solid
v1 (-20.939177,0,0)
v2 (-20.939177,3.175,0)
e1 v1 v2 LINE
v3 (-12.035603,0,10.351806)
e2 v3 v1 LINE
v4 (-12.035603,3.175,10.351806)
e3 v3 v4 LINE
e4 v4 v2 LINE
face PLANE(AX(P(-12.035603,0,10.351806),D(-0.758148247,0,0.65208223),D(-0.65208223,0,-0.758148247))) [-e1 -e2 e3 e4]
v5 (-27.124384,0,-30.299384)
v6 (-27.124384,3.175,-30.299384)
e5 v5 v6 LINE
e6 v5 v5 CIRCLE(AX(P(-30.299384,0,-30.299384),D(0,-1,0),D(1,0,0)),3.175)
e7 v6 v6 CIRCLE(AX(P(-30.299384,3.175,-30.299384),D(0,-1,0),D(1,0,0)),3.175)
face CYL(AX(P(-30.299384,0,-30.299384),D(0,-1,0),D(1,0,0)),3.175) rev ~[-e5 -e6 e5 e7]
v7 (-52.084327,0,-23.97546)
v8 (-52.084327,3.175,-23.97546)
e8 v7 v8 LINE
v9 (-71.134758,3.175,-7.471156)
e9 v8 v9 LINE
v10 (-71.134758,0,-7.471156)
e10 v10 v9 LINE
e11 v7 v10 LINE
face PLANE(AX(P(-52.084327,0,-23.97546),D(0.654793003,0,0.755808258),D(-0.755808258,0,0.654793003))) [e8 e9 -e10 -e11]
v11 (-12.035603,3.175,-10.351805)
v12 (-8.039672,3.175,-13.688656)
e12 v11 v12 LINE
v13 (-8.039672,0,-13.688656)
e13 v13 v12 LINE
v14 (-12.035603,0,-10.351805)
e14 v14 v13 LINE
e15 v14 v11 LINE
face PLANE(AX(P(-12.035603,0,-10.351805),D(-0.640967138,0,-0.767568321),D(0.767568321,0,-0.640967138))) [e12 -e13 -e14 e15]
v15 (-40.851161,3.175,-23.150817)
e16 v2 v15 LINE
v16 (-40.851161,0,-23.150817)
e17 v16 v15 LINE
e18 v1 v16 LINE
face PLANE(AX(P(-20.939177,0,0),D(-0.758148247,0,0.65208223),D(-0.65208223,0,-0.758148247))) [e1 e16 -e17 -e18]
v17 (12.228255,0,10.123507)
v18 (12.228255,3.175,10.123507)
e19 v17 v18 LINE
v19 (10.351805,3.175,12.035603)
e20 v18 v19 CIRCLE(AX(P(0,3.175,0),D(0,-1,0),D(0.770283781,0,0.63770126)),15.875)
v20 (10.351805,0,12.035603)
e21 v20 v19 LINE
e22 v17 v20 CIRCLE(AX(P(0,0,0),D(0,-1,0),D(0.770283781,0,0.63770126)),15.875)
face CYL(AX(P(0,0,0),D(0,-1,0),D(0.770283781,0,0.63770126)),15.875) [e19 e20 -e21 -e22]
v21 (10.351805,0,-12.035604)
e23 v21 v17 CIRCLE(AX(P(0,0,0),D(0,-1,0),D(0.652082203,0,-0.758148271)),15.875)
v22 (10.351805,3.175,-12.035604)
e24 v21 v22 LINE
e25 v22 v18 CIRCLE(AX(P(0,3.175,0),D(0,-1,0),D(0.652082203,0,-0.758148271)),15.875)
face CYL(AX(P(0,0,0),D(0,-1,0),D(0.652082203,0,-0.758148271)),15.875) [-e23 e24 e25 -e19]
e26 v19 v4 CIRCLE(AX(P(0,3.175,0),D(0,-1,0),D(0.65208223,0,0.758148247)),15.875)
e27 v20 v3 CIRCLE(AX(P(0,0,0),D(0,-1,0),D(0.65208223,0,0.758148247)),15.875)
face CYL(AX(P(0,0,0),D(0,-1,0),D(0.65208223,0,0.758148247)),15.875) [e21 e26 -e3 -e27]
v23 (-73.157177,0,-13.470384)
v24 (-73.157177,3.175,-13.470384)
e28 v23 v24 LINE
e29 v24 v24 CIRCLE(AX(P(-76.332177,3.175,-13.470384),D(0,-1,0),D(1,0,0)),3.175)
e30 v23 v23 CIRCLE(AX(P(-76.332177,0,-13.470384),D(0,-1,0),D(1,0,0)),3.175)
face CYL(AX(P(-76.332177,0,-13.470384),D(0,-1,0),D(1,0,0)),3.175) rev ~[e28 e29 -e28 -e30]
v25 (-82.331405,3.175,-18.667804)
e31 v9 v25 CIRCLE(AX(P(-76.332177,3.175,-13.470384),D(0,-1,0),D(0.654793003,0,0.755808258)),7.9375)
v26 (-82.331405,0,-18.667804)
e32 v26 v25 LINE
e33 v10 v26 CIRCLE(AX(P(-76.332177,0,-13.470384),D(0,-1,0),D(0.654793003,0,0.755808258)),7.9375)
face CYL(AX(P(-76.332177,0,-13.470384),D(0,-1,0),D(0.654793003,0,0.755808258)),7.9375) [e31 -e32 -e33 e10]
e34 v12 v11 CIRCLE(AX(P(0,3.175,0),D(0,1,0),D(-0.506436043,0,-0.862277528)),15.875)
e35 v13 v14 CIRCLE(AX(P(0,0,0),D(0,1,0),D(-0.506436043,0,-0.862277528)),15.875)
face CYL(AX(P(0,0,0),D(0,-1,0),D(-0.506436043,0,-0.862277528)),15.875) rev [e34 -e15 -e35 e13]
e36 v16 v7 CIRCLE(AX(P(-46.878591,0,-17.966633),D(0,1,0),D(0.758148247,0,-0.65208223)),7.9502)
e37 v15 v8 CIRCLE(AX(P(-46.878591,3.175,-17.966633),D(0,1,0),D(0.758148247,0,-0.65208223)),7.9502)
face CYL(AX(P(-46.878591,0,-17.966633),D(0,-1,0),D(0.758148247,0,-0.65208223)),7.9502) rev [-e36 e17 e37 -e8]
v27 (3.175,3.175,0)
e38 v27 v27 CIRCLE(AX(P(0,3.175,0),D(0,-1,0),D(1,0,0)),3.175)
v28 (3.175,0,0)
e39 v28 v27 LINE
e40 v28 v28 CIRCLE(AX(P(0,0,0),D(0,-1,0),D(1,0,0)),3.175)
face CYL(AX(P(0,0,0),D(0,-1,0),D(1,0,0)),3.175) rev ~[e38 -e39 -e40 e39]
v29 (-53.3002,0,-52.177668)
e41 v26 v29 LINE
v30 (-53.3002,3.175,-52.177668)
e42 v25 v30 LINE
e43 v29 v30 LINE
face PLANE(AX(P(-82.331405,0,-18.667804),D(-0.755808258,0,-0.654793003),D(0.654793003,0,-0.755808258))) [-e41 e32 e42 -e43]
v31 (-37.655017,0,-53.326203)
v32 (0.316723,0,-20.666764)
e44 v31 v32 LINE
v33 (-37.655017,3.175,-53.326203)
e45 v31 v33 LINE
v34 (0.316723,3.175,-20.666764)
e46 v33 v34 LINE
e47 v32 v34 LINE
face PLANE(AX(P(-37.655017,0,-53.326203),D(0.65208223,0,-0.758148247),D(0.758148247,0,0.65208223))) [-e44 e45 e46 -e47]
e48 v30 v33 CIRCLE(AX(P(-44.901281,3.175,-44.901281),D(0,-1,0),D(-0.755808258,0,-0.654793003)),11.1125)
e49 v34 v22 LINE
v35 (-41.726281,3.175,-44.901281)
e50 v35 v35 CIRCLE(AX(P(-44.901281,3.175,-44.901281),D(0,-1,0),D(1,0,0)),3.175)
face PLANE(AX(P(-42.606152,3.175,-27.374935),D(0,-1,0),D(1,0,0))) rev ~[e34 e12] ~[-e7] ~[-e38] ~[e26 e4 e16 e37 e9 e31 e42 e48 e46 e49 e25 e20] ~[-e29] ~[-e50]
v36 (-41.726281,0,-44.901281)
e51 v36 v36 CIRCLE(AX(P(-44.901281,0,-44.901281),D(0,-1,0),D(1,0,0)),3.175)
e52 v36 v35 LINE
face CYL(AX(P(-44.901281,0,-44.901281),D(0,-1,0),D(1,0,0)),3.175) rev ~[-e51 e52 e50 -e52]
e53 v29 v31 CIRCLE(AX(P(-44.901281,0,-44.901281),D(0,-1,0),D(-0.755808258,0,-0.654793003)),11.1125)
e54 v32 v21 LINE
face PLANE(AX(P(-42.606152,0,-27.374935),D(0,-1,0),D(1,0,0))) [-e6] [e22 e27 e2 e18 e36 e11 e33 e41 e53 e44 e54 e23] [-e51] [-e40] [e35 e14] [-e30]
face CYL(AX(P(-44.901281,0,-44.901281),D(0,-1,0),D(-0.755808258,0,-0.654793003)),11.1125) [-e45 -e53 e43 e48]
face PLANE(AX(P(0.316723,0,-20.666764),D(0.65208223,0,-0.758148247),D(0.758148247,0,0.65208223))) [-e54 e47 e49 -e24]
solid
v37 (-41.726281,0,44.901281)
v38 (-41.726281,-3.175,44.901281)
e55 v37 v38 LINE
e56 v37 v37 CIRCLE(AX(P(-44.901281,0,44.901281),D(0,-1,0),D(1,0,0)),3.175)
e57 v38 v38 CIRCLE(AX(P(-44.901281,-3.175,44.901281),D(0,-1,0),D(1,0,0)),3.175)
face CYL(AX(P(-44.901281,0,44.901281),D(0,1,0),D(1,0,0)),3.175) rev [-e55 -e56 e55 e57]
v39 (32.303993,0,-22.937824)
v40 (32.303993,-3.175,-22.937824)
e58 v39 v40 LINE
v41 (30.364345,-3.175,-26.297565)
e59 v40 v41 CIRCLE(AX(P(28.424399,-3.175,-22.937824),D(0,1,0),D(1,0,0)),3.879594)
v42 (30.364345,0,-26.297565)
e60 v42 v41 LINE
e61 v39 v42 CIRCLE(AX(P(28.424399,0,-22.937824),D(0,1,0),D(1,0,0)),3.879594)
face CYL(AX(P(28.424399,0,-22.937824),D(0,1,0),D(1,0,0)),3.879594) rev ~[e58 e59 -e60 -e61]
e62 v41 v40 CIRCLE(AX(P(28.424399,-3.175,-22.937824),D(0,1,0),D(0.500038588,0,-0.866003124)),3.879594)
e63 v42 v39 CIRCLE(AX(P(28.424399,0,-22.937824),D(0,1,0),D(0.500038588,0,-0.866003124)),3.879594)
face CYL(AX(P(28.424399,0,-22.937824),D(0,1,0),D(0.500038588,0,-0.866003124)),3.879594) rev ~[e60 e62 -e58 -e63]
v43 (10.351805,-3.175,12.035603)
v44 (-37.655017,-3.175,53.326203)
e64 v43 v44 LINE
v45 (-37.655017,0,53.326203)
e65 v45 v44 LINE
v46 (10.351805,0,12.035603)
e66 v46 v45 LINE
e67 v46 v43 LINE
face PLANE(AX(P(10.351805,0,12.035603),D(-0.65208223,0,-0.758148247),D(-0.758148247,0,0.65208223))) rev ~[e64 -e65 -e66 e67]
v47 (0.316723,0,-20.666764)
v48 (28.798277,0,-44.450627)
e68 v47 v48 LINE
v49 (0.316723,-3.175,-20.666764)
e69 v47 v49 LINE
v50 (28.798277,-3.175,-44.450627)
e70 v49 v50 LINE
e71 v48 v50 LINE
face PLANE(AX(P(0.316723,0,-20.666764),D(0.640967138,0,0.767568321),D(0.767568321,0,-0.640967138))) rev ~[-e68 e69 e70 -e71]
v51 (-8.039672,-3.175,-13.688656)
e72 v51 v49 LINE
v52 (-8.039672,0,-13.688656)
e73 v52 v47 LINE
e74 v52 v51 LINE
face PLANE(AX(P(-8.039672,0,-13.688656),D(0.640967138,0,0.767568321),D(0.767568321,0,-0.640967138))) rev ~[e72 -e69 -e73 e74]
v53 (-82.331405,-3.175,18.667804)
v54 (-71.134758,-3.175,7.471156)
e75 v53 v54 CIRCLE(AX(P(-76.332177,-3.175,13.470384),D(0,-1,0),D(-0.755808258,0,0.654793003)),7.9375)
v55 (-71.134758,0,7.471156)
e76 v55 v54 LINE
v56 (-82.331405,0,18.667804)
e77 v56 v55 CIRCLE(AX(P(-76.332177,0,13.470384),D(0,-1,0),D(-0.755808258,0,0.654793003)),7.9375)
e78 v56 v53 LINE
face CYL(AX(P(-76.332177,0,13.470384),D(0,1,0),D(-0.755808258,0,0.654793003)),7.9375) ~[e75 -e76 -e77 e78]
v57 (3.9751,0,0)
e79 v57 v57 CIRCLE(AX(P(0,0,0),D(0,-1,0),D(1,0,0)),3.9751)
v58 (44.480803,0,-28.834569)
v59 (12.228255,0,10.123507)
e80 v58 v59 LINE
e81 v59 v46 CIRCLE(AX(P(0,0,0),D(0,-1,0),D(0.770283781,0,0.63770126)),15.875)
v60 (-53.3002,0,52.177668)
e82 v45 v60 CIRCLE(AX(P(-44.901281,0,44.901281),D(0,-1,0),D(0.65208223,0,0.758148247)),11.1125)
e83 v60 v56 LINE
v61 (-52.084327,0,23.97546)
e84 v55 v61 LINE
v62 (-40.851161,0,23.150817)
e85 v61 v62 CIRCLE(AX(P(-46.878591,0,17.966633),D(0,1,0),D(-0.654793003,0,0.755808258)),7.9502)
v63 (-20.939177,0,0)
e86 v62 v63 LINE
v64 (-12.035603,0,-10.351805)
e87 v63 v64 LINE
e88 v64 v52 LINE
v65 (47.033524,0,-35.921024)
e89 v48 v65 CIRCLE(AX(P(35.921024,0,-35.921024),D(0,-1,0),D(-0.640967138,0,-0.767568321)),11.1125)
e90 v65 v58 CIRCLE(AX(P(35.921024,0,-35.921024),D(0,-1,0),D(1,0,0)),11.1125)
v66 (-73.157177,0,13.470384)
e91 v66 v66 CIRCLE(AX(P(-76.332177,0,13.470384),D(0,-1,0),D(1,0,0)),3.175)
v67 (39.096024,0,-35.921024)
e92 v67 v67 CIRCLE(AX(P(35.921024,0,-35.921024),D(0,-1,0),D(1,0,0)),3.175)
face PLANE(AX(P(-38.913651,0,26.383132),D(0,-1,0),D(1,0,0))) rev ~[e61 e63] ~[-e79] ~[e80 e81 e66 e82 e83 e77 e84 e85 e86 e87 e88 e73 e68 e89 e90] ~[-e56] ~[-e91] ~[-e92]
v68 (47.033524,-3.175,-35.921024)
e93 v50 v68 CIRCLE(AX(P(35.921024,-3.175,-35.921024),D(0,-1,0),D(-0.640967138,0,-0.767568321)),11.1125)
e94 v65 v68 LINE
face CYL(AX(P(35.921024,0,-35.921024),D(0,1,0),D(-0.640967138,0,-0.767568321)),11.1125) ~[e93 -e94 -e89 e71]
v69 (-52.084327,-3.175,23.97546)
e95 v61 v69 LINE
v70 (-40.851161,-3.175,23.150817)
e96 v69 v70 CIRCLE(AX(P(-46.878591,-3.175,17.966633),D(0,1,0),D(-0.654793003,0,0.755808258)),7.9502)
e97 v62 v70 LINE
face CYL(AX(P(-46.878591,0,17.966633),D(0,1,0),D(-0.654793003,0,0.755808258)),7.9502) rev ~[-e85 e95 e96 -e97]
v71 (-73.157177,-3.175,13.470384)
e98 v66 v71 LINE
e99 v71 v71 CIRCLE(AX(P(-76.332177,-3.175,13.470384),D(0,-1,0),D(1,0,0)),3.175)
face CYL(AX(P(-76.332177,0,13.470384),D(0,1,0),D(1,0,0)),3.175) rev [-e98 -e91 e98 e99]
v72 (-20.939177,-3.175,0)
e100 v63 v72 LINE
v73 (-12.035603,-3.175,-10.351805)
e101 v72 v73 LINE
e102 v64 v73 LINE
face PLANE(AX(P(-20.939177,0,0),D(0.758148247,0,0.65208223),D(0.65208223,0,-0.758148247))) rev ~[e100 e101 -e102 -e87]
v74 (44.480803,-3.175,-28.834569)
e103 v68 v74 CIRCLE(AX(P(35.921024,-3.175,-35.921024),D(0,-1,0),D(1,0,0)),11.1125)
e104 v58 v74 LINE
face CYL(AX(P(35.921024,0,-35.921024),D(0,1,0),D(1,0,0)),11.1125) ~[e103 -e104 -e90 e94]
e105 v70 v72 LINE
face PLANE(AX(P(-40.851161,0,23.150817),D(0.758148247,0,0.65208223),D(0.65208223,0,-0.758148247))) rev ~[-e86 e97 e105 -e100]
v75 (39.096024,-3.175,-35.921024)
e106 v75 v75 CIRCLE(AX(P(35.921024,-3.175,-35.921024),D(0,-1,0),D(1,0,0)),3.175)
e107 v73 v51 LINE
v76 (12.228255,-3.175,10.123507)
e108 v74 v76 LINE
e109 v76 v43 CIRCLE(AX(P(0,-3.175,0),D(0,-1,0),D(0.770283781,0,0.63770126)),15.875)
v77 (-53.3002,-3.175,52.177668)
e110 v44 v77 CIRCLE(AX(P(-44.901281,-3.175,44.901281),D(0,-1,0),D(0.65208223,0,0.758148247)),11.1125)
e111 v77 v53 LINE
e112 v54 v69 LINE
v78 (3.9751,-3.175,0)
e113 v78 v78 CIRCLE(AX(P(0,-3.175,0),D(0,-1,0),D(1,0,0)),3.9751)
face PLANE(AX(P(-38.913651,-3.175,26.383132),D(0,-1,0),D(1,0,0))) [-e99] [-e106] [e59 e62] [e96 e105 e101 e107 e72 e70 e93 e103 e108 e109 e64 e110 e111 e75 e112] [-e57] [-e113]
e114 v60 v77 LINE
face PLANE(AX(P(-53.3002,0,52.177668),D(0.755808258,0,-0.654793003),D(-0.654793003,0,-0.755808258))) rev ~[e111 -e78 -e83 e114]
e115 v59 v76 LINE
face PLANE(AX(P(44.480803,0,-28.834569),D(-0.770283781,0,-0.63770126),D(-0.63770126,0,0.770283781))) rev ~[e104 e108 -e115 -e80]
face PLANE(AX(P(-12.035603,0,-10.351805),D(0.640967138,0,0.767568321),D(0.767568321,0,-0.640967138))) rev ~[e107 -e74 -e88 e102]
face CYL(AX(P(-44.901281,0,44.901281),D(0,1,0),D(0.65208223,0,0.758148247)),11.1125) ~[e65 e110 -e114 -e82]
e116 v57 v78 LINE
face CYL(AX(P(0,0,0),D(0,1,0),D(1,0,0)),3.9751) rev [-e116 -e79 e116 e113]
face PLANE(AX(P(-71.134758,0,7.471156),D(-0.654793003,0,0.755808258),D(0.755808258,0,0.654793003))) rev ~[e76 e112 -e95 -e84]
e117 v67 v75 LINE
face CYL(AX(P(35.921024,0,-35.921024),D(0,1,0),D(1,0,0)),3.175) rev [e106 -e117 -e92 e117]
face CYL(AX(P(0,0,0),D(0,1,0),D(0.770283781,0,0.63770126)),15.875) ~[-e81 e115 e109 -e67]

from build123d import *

# Parameters (mm, degrees)
F0_R     = 3.175
F0_R_2   = 3.9751
F1_DEPTH = 3.175
F2_DEPTH = 3.175


with BuildPart() as f1:
    # F0 (on Front) → F1 (new body)
    with BuildSketch(Plane.XZ):
        with BuildLine():
            ThreePointArc((-82.331405076, 18.6678036462), (-73.5586383483, 20.9075469092), (-68.3946770291, 13.4703841816))
            ThreePointArc((-68.3946770291, 13.4703841816), (-69.1121208226, 10.1727039932), (-71.1347575644, 7.4711561347))
            Line((-71.1347575644, 7.4711561347), (-52.0843267669, 23.9754595323))
            ThreePointArc((-52.0843267669, 23.9754595323), (-46.2965222838, 25.8954961667), (-40.8511612346, 23.1508168672))
            Line((-40.8511612346, 23.1508168672), (-20.9391765456, 0))
            Line((-20.9391765456, 0), (-12.0356033222, 10.3518055271))
            ThreePointArc((-12.0356033222, 10.3518055271), (-1.1906249195, 15.8302886045), (10.3518054047, 12.0356034274))
            Line((10.3518054047, 12.0356034274), (-37.655016822, 53.3262030046))
            ThreePointArc((-37.655016822, 53.3262030046), (-34.8014845049, 49.5361241819), (-33.7887806053, 44.9012806053))
            ThreePointArc((-33.7887806053, 44.9012806053), (-48.7842347585, 34.4892527868), (-53.300199871, 52.1776678558))
            Line((-53.300199871, 52.1776678558), (-82.331405076, 18.6678036462))
        make_face()
        with BuildLine():
            ThreePointArc((-37.655016822, 53.3262030046), (-45.7148756595, 55.9839571475), (-53.300199871, 52.1776678558))
            ThreePointArc((-53.300199871, 52.1776678558), (-48.7842347585, 34.4892527868), (-33.7887806053, 44.9012806053))
            ThreePointArc((-33.7887806053, 44.9012806053), (-34.8014845049, 49.5361241819), (-37.655016822, 53.3262030046))
        make_face()
        with Locations((-44.9012806053, 44.9012806053)):
            Circle(F0_R, mode=Mode.SUBTRACT)
        with BuildLine():
            ThreePointArc((-71.1347575644, 7.4711561347), (-69.1121208226, 10.1727039932), (-68.3946770291, 13.4703841816))
            ThreePointArc((-68.3946770291, 13.4703841816), (-73.5586383483, 20.9075469092), (-82.331405076, 18.6678036462))
            ThreePointArc((-82.331405076, 18.6678036462), (-81.9448371048, 7.8577241059), (-71.1347575644, 7.4711561347))
        make_face()
        with Locations((-76.3321770291, 13.4703841816)):
            Circle(F0_R, mode=Mode.SUBTRACT)
        with BuildLine():
            ThreePointArc((12.2282550252, 10.1235074968), (11.3304373246, 11.1192092809), (10.3518054047, 12.0356034274))
            ThreePointArc((10.3518054047, 12.0356034274), (-1.1906249195, 15.8302886045), (-12.0356033222, 10.3518055271))
            ThreePointArc((-12.0356033222, 10.3518055271), (-15.875, 8.07e-08), (-12.0356034274, -10.3518054047))
            Line((-12.0356034274, -10.3518054047), (-8.0396721793, -13.6886557503))
            ThreePointArc((-8.0396721793, -13.6886557503), (1.4211385228, -15.8112615025), (10.3518049721, -12.0356037995))
            ThreePointArc((10.3518049721, -12.0356037995), (14.4282800245, -6.6212053686), (15.875, 0))
            ThreePointArc((15.875, 0), (14.9355142785, 5.3801522504), (12.2282550252, 10.1235074968))
        make_face()
        Circle(F0_R_2, mode=Mode.SUBTRACT)
        with BuildLine():
            ThreePointArc((47.0335244843, -35.9210244843), (46.3758844792, -32.154917909), (44.4808030019, -28.8345692365))
            ThreePointArc((44.4808030019, -28.8345692365), (37.8866667262, -24.9837530317), (30.3643454707, -26.2975648886))
            ThreePointArc((30.3643454707, -26.2975648886), (24.8496477325, -34.9658946135), (28.7982771588, -44.4506274521))
            ThreePointArc((28.7982771588, -44.4506274521), (40.6293217665, -45.9867878906), (47.0335244843, -35.9210244843))
        make_face()
        with Locations((35.9210244843, -35.9210244843)):
            Circle(F0_R, mode=Mode.SUBTRACT)
        with BuildLine():
            Line((44.4808030019, -28.8345692365), (12.2282550252, 10.1235074968))
            ThreePointArc((12.2282550252, 10.1235074968), (14.9355142785, 5.3801522504), (15.875, 0))
            ThreePointArc((15.875, 0), (14.4282800245, -6.6212053686), (10.3518049721, -12.0356037995))
            Line((10.3518049721, -12.0356037995), (0.316722829, -20.6667636904))
            Line((0.316722829, -20.6667636904), (28.7982771588, -44.4506274521))
            ThreePointArc((28.7982771588, -44.4506274521), (24.8496477325, -34.9658946135), (30.3643454707, -26.2975648886))
            ThreePointArc((30.3643454707, -26.2975648886), (37.8866667262, -24.9837530317), (44.4808030019, -28.8345692365))
        make_face()
        with BuildLine():
            ThreePointArc((32.3039927423, -22.9378244059), (31.7842689248, -24.8775465283), (30.3643454707, -26.2975648886))
            ThreePointArc((30.3643454707, -26.2975648886), (25.064528655, -20.9981022834), (32.3039927423, -22.9378244059))
        make_face(mode=Mode.SUBTRACT)
        with BuildLine():
            Line((-12.0356033222, 10.3518055271), (-20.9391765456, 0))
            Line((-20.9391765456, 0), (-12.0356034274, -10.3518054047))
            ThreePointArc((-12.0356034274, -10.3518054047), (-15.875, 8.07e-08), (-12.0356033222, 10.3518055271))
        make_face()
        with BuildLine():
            ThreePointArc((10.3518049721, -12.0356037995), (1.4211385228, -15.8112615025), (-8.0396721793, -13.6886557503))
            Line((-8.0396721793, -13.6886557503), (0.316722829, -20.6667636904))
            Line((0.316722829, -20.6667636904), (10.3518049721, -12.0356037995))
        make_face()
    extrude(amount=F1_DEPTH)


with BuildPart() as f2:
    # F0 (on Front) → F2 (new body)
    with BuildSketch(Plane.XZ):
        with BuildLine():
            Line((-12.0356034274, -10.3518054047), (-20.9391765456, 0))
            Line((-20.9391765456, 0), (-40.8511612346, -23.1508168672))
            ThreePointArc((-40.8511612346, -23.1508168672), (-46.2965222838, -25.8954961667), (-52.0843267669, -23.9754595323))
            Line((-52.0843267669, -23.9754595323), (-71.1347575644, -7.4711561347))
            ThreePointArc((-71.1347575644, -7.4711561347), (-69.1121208226, -10.1727039932), (-68.3946770291, -13.4703841816))
            ThreePointArc((-68.3946770291, -13.4703841816), (-73.5586383483, -20.9075469092), (-82.331405076, -18.6678036462))
            Line((-82.331405076, -18.6678036462), (-53.300199871, -52.1776678559))
            ThreePointArc((-53.300199871, -52.1776678559), (-48.7842347585, -34.4892527868), (-33.7887806053, -44.9012806053))
            ThreePointArc((-33.7887806053, -44.9012806053), (-34.8014845049, -49.5361241819), (-37.655016822, -53.3262030046))
            Line((-37.655016822, -53.3262030046), (0.316722829, -20.6667636904))
            Line((0.316722829, -20.6667636904), (-8.0396721793, -13.6886557503))
            ThreePointArc((-8.0396721793, -13.6886557503), (-10.175353322, -12.1851470968), (-12.0356034274, -10.3518054047))
        make_face()
        with Locations((-30.2993841525, -30.2993841525)):
            Circle(F0_R, mode=Mode.SUBTRACT)
        with BuildLine():
            ThreePointArc((-53.300199871, -52.1776678559), (-45.7148756595, -55.9839571475), (-37.655016822, -53.3262030046))
            ThreePointArc((-37.655016822, -53.3262030046), (-34.8014845049, -49.5361241819), (-33.7887806053, -44.9012806053))
            ThreePointArc((-33.7887806053, -44.9012806053), (-48.7842347585, -34.4892527868), (-53.300199871, -52.1776678559))
        make_face()
        with Locations((-44.9012806053, -44.9012806053)):
            Circle(F0_R, mode=Mode.SUBTRACT)
        with BuildLine():
            ThreePointArc((-68.3946770291, -13.4703841816), (-69.1121208226, -10.1727039932), (-71.1347575644, -7.4711561347))
            ThreePointArc((-71.1347575644, -7.4711561347), (-81.9448371048, -7.8577241059), (-82.331405076, -18.6678036462))
            ThreePointArc((-82.331405076, -18.6678036462), (-73.5586383483, -20.9075469092), (-68.3946770291, -13.4703841816))
        make_face()
        with Locations((-76.3321770291, -13.4703841816)):
            Circle(F0_R, mode=Mode.SUBTRACT)
        with BuildLine():
            ThreePointArc((10.3518049721, -12.0356037995), (1.4211385228, -15.8112615025), (-8.0396721793, -13.6886557503))
            Line((-8.0396721793, -13.6886557503), (0.316722829, -20.6667636904))
            Line((0.316722829, -20.6667636904), (10.3518049721, -12.0356037995))
        make_face()
        with BuildLine():
            Line((-12.0356033222, 10.3518055271), (-20.9391765456, 0))
            Line((-20.9391765456, 0), (-12.0356034274, -10.3518054047))
            ThreePointArc((-12.0356034274, -10.3518054047), (-15.875, 8.07e-08), (-12.0356033222, 10.3518055271))
        make_face()
        with BuildLine():
            ThreePointArc((12.2282550252, 10.1235074968), (11.3304373246, 11.1192092809), (10.3518054047, 12.0356034274))
            ThreePointArc((10.3518054047, 12.0356034274), (-1.1906249195, 15.8302886045), (-12.0356033222, 10.3518055271))
            ThreePointArc((-12.0356033222, 10.3518055271), (-15.875, 8.07e-08), (-12.0356034274, -10.3518054047))
            Line((-12.0356034274, -10.3518054047), (-8.0396721793, -13.6886557503))
            ThreePointArc((-8.0396721793, -13.6886557503), (1.4211385228, -15.8112615025), (10.3518049721, -12.0356037995))
            ThreePointArc((10.3518049721, -12.0356037995), (14.4282800245, -6.6212053686), (15.875, 0))
            ThreePointArc((15.875, 0), (14.9355142785, 5.3801522504), (12.2282550252, 10.1235074968))
        make_face()
        Circle(F0_R_2, mode=Mode.SUBTRACT)
        Circle(F0_R_2)
        Circle(F0_R, mode=Mode.SUBTRACT)
    extrude(amount=-F2_DEPTH)


solid = Compound([f1.part, f2.part])
